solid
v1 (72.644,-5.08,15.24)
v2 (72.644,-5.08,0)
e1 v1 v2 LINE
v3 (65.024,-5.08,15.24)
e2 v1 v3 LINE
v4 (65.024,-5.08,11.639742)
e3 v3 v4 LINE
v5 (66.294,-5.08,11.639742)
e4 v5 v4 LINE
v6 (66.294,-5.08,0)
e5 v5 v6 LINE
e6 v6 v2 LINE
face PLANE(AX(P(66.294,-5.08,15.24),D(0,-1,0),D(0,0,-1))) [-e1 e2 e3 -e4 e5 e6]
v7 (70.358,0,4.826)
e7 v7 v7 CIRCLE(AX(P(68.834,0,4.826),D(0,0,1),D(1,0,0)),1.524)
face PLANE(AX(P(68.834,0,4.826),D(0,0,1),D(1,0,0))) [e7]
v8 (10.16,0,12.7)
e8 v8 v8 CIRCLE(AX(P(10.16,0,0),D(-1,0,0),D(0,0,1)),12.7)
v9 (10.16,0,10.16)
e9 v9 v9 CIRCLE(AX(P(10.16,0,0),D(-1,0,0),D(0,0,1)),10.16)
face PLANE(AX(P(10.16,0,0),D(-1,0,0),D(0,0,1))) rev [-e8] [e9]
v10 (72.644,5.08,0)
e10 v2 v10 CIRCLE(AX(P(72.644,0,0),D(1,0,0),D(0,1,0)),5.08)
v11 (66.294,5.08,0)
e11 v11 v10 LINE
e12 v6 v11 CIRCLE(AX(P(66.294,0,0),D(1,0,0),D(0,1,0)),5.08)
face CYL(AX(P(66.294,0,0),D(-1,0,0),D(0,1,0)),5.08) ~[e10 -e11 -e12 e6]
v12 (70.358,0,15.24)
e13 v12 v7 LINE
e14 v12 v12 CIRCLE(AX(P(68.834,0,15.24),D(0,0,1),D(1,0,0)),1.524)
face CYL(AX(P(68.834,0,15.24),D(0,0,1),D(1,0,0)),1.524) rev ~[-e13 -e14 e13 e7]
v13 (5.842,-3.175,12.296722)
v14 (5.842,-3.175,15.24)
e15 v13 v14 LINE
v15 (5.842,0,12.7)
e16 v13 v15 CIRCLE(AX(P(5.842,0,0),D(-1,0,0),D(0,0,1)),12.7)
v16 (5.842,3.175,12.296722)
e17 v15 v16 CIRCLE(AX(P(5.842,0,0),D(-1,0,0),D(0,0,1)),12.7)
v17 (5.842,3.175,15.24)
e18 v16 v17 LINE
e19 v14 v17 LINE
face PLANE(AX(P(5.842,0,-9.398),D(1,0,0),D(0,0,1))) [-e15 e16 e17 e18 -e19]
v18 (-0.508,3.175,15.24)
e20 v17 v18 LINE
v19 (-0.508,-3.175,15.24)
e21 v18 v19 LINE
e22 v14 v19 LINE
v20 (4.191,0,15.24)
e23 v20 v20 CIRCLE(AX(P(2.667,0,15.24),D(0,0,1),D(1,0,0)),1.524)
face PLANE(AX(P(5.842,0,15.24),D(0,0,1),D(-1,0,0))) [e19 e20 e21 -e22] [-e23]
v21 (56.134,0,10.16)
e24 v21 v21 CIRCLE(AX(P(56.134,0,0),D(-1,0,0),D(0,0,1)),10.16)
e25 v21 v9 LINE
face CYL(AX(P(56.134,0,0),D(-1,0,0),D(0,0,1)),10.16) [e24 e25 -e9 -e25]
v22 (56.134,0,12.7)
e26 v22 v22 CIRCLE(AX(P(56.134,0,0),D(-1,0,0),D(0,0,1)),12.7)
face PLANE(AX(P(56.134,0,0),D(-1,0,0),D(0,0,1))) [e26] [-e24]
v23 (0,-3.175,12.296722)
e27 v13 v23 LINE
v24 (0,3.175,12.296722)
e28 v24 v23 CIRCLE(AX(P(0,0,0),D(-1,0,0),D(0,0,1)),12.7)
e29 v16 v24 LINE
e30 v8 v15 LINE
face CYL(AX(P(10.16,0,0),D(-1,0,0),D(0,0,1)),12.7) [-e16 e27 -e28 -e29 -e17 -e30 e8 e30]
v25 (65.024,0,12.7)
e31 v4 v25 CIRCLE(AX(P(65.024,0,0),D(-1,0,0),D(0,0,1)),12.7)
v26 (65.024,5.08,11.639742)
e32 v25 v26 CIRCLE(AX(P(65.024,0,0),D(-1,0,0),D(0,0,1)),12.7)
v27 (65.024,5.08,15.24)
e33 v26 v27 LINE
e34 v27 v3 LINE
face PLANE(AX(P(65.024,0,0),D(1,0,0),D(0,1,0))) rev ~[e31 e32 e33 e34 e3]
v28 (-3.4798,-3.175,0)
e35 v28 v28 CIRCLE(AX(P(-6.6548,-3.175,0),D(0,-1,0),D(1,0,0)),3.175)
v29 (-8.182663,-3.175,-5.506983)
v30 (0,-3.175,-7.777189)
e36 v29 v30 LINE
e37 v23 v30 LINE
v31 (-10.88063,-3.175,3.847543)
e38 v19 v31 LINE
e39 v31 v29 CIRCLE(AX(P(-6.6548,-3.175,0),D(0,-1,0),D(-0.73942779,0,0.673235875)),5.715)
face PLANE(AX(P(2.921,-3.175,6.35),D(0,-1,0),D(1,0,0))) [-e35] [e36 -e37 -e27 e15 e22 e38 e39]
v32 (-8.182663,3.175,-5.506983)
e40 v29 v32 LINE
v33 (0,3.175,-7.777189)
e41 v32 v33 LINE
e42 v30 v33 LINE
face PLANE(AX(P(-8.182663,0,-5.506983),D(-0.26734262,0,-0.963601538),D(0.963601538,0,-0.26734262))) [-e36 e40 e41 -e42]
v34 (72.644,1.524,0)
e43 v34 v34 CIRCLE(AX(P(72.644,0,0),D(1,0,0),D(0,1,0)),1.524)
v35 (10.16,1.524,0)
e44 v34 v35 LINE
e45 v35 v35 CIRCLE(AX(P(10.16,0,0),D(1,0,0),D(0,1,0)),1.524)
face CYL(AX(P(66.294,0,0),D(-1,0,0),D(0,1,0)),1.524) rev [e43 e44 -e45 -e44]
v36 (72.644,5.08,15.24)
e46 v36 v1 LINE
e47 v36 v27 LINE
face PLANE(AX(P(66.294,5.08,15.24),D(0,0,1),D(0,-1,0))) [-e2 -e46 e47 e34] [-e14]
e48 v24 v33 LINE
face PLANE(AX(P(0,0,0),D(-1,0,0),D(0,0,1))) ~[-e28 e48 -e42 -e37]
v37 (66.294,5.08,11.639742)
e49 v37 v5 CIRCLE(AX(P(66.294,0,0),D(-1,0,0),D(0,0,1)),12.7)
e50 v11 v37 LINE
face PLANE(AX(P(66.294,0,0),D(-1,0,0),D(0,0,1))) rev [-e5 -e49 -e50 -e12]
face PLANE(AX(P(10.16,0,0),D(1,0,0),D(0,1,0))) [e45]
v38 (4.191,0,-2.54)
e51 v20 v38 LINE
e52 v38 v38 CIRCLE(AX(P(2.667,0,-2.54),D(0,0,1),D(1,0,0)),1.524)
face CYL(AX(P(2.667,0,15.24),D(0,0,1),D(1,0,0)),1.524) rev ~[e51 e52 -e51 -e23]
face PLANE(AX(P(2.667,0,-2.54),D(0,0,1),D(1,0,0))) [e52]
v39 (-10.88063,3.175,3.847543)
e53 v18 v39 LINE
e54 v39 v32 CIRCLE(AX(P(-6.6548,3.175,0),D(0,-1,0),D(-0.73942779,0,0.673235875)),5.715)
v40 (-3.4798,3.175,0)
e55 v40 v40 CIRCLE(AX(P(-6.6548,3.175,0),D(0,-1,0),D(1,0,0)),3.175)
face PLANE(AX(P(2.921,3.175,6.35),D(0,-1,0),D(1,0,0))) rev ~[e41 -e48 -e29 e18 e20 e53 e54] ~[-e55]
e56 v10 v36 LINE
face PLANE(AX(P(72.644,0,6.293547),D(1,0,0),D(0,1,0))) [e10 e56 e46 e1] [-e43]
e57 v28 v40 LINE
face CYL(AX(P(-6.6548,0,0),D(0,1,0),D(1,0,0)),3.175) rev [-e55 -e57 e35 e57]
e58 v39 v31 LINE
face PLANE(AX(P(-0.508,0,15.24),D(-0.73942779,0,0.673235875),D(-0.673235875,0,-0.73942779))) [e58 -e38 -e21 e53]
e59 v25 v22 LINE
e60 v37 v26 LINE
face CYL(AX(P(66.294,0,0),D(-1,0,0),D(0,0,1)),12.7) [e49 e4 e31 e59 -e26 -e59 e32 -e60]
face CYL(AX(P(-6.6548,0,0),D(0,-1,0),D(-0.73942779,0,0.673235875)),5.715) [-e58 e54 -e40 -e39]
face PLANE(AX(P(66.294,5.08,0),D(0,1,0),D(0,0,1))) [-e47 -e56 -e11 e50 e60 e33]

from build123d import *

# Parameters (mm, degrees)
F0_W      = 5.842
F0_H      = 12.7
F0_R      = 3.175
F2_DEPTH  = 3.175
F3_R      = 1.524
F4_DEPTH  = 6.35
F5_DEPTH  = 1.27
F6_DEPTH  = 6.35
F7_DEPTH  = 56.134
F8_R      = 1.524
F9_DEPTH  = 10.414
F10_R     = 1.524
F11_DEPTH = 17.78


with BuildPart() as f1:
    # F0 (on Front) → F1 (revolve)
    with BuildSketch(Plane.XZ):
        Polygon((5.842, 12.7), (5.842, 0), (66.294, 0), (66.294, 12.7), (56.134, 12.7), (56.134, 10.16), (10.16, 10.16), (10.16, 12.7), align=None)
        with Locations((2.921, 6.35)):
            Rectangle(F0_W, F0_H)
    revolve(axis=Axis((33.147, 0, 0), (-1, 0, 0)))

    # F0 (on Front) → F2 (join, symmetric)
    with BuildSketch(Plane.XZ):
        with Locations((2.921, 6.35)):
            Rectangle(F0_W, F0_H)
        with BuildLine():
            Line((-0.9398, 0), (0, 0))
            Line((0, 0), (0, 12.7))
            Line((0, 12.7), (5.842, 12.7))
            Line((5.842, 12.7), (5.842, 15.24))
            Line((5.842, 15.24), (-0.508, 15.24))
            Line((-0.508, 15.24), (-10.8806298187, 3.8475430269))
            ThreePointArc((-10.8806298187, 3.8475430269), (-4.5919612295, 5.3297205562), (-0.9398, 0))
        make_face()
        with BuildLine():
            Line((5.842, 0), (0, 0))
            Line((0, 0), (-0.9398, 0))
            ThreePointArc((-0.9398, 0), (-3.1957909266, -4.5493385486), (-8.1826630726, -5.5069827884))
            Line((-8.1826630726, -5.5069827884), (5.842, -9.398))
            Line((5.842, -9.398), (5.842, 0))
        make_face()
        with BuildLine():
            ThreePointArc((-8.1826630726, -5.5069827884), (-3.1957909266, -4.5493385486), (-0.9398, 0))
            ThreePointArc((-0.9398, 0), (-4.5919612295, 5.3297205562), (-10.8806298187, 3.8475430269))
            ThreePointArc((-10.8806298187, 3.8475430269), (-12.1459778134, -1.5837270034), (-8.1826630726, -5.5069827884))
        make_face()
        with Locations((-6.6548, 0)):
            Circle(F0_R, mode=Mode.SUBTRACT)
    extrude(amount=F2_DEPTH, both=True)

    # F3 (on face) → F4 (join)
    with BuildSketch(Plane.YZ.offset(66.294)):
        with BuildLine():
            ThreePointArc((-5.08, 0), (0, 5.08), (5.08, 0))
            Line((5.08, 0), (5.08, 11.6397422652))
            ThreePointArc((5.08, 11.6397422652), (0, 12.7), (-5.08, 11.6397422652))
            Line((-5.08, 11.6397422652), (-5.08, 0))
        make_face()
        with BuildLine():
            ThreePointArc((-5.08, 0), (0, -5.08), (5.08, 0))
            ThreePointArc((5.08, 0), (0, 5.08), (-5.08, 0))
        make_face()
        Circle(F3_R, mode=Mode.SUBTRACT)
        with BuildLine():
            ThreePointArc((-5.08, 11.6397422652), (0, 12.7), (5.08, 11.6397422652))
            Line((5.08, 11.6397422652), (5.08, 15.24))
            Line((5.08, 15.24), (3.175, 15.24))
            Line((3.175, 15.24), (-3.175, 15.24))
            Line((-3.175, 15.24), (-5.08, 15.24))
            Line((-5.08, 15.24), (-5.08, 11.6397422652))
        make_face()
        Circle(F3_R)
    extrude(amount=F4_DEPTH)

    # F3 (on face) → F5 (join)
    with BuildSketch(Plane.YZ.offset(66.294)):
        with BuildLine():
            ThreePointArc((-5.08, 0), (0, -5.08), (5.08, 0))
            ThreePointArc((5.08, 0), (0, 5.08), (-5.08, 0))
        make_face()
        Circle(F3_R, mode=Mode.SUBTRACT)
        with BuildLine():
            ThreePointArc((-5.08, 0), (0, 5.08), (5.08, 0))
            Line((5.08, 0), (5.08, 15.24))
            Line((5.08, 15.24), (3.175, 15.24))
            Line((3.175, 15.24), (-3.175, 15.24))
            Line((-3.175, 15.24), (-5.08, 15.24))
            Line((-5.08, 15.24), (-5.08, 0))
        make_face()
    extrude(amount=-F5_DEPTH)

    # F3 (on face) → F6 (cut)
    with BuildSketch(Plane.YZ.offset(66.294)):
        Circle(F3_R)
    extrude(amount=F6_DEPTH, mode=Mode.SUBTRACT)

    # F3 (on face) → F7 (cut, through all)
    with BuildSketch(Plane.YZ.offset(66.294)):
        Circle(F3_R)
    extrude(amount=-F7_DEPTH, mode=Mode.SUBTRACT)

    # F8 (on face) → F9 (cut)
    with BuildSketch(Plane.XY.offset(15.24)):
        with Locations((68.834, 0)):
            Circle(F8_R)
    extrude(amount=-F9_DEPTH, mode=Mode.SUBTRACT)

    # F10 (on face) → F11 (cut)
    with BuildSketch(Plane.XY.offset(15.24)):
        with Locations((2.667, 0)):
            Circle(F10_R)
    extrude(amount=-F11_DEPTH, mode=Mode.SUBTRACT)


solid = f1.part
